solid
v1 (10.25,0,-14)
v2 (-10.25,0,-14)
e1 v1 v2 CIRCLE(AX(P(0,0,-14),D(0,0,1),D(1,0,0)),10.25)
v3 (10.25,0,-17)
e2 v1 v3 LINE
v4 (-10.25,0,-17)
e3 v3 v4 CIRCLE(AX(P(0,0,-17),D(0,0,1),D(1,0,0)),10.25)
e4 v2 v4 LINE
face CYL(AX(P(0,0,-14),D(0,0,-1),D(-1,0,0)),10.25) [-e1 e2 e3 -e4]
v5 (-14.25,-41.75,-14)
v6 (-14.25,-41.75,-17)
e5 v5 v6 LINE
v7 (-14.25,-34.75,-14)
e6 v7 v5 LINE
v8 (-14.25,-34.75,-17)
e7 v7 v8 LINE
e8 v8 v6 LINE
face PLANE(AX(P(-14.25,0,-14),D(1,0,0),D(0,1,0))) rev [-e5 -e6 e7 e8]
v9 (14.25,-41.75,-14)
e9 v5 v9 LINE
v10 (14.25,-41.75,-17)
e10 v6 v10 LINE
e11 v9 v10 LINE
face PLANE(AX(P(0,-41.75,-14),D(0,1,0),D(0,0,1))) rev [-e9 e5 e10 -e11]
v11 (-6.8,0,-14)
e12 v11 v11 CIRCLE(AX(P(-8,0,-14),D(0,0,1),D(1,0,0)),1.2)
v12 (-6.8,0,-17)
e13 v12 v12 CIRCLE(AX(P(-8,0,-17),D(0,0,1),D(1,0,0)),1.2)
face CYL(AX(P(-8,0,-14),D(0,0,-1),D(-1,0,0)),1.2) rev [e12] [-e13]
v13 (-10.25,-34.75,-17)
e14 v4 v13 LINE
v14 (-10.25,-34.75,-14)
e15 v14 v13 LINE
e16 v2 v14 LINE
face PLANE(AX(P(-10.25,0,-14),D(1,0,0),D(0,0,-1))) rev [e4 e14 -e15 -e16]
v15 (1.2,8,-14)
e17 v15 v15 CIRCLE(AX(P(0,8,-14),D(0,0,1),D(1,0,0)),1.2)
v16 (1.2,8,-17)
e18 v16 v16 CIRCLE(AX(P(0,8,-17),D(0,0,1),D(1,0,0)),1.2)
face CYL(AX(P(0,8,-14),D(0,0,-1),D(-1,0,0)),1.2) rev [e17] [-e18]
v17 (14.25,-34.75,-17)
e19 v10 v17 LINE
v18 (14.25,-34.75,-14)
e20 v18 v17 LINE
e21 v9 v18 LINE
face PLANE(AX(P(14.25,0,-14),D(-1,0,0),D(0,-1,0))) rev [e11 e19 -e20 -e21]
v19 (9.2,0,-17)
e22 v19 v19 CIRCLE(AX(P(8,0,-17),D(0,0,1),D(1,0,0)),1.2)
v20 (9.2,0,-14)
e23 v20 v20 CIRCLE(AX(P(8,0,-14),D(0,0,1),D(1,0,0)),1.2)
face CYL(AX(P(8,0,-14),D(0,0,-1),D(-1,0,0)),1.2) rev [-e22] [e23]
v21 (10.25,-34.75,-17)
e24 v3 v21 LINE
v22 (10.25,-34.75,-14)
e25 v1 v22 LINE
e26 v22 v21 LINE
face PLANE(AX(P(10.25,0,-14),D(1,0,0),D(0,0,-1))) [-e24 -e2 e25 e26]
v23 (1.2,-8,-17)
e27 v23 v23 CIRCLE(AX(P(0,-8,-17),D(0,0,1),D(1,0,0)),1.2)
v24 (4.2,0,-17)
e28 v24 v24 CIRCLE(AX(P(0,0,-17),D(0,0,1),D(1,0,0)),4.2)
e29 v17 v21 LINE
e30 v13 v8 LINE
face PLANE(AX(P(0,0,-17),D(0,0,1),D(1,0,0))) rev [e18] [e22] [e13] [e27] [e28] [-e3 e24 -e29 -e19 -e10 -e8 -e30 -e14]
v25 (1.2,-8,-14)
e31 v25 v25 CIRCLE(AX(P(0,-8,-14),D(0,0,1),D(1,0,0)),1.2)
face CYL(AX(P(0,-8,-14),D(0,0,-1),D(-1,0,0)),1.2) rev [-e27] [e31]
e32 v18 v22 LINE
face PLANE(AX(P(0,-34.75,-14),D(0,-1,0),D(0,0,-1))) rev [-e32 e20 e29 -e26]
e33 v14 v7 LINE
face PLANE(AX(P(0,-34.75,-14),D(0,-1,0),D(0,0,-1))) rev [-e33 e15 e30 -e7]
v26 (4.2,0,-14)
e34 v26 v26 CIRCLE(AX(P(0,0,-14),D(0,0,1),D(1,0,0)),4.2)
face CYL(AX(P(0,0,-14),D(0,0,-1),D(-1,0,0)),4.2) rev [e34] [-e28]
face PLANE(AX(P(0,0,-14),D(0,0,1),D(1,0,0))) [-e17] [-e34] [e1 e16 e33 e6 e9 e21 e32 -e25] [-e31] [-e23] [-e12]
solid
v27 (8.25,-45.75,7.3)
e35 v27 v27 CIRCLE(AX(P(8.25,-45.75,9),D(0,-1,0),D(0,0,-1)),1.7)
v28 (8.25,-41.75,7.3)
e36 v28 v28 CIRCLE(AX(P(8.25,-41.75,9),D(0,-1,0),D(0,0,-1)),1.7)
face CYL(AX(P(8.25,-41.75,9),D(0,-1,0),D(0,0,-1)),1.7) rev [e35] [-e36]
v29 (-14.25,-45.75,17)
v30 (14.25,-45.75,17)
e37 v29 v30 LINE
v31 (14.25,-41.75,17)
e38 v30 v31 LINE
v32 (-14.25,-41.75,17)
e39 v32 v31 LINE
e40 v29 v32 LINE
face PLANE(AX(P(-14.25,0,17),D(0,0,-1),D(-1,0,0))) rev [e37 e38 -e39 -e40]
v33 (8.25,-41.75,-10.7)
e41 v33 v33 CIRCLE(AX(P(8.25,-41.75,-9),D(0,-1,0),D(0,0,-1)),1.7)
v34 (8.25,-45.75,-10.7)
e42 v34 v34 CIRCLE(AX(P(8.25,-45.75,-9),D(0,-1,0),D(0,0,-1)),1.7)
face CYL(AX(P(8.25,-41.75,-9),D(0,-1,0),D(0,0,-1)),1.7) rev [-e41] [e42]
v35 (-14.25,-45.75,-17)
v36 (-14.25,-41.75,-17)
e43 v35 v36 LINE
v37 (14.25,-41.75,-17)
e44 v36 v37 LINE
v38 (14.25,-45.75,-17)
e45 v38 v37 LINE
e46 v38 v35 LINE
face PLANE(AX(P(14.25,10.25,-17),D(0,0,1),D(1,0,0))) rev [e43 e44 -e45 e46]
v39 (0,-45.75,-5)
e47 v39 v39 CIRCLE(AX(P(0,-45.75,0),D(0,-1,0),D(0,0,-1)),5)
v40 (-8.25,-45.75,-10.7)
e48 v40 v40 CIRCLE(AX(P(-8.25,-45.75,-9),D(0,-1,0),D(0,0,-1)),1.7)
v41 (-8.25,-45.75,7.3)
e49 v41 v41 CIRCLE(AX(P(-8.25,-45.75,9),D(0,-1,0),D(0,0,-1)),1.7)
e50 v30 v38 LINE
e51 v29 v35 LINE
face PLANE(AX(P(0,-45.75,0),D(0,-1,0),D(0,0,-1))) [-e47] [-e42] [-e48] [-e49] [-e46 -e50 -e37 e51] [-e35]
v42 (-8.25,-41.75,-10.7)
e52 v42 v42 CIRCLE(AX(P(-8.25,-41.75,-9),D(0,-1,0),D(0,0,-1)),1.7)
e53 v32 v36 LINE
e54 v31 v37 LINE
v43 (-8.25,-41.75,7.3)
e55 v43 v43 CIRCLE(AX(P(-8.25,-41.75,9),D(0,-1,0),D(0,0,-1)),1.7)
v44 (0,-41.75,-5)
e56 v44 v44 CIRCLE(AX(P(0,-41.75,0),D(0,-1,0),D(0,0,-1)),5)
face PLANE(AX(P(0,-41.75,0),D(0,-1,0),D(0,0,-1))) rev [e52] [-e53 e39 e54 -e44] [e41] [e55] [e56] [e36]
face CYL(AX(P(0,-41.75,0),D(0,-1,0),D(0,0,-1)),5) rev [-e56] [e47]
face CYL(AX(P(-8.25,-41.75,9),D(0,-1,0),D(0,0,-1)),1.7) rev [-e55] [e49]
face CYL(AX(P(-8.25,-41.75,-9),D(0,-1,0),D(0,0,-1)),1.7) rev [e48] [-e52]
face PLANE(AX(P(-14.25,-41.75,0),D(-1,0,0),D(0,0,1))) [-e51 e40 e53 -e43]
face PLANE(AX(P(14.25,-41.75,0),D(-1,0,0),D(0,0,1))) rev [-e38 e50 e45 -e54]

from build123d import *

# Parameters (mm, degrees)
BOSS_EXTRUDE1_DEPTH      = 22
BOSS_EXTRUDE1_DEPTH_BACK = 22
SKETCH1_R                = 1.2
SKETCH1_R_2              = 4.2
SKETCH2_W                = 38
SKETCH2_H                = 20
CUT_EXTRUDE1_DEPTH       = 105.423416914
SKETCH3_W                = 7
SKETCH3_H                = 44
BOSS_EXTRUDE2_DEPTH      = 36
SKETCH5_W                = 34
SKETCH5_H                = 50
CUT_EXTRUDE3_DEPTH       = 109.047443283
SKETCH6_W                = 20.5
SKETCH6_H                = 54.25
CUT_EXTRUDE4_DEPTH       = 111.605436123
SKETCH20_W               = 28.5
SKETCH20_H               = 34
SKETCH20_R               = 1.7
SKETCH20_R_2             = 5
BOSS_EXTRUDE5_DEPTH      = 4
SKETCH21_W               = 3
SKETCH21_H               = 36
CUT_EXTRUDE12_DEPTH      = 66.777085676
SKETCH22_W               = 4
SKETCH22_H               = 25
CUT_EXTRUDE14_DEPTH      = 66.054784605
SKETCH23_W               = 5
SKETCH23_H               = 56
CUT_EXTRUDE15_DEPTH      = 59.21780226
SKETCH24_R               = 1.2
SKETCH24_R_2             = 4.2
BOSS_EXTRUDE8_DEPTH      = 3
CUT_EXTRUDE16_DEPTH      = 57.367654732
CUT_EXTRUDE16_DEPTH_BACK = 57.367654732
SKETCH25_W               = 5
SKETCH25_H               = 56


with BuildPart() as part:
    # Sketch1 → Boss-Extrude1 (new, two sides: drawn at the far end of the back side and taken through both)
    with BuildSketch(Plane.XY.offset(-BOSS_EXTRUDE1_DEPTH_BACK)):
        with BuildLine():
            ThreePointArc((10.25, 0), (0, 10.25), (-10.25, 0))
            Line((-10.25, 0), (-10.25, -100))
            Line((-10.25, -100), (10.25, -100))
            Line((10.25, -100), (10.25, 0))
        make_face()
        with Locations((8, 0)):
            Circle(SKETCH1_R, mode=Mode.SUBTRACT)
        with Locations((0, 8)):
            Circle(SKETCH1_R, mode=Mode.SUBTRACT)
        with Locations((-8, 0)):
            Circle(SKETCH1_R, mode=Mode.SUBTRACT)
        Circle(SKETCH1_R_2, mode=Mode.SUBTRACT)
        with Locations((0, -8)):
            Circle(SKETCH1_R, mode=Mode.SUBTRACT)
    extrude(amount=BOSS_EXTRUDE1_DEPTH + BOSS_EXTRUDE1_DEPTH_BACK)

    # Sketch2 → Cut-Extrude1 (cut, through all)
    with BuildSketch(Plane.ZY.offset(10.25)):
        with Locations((0, 0.25)):
            Rectangle(SKETCH2_W, SKETCH2_H)
    extrude(amount=-CUT_EXTRUDE1_DEPTH, mode=Mode.SUBTRACT)

    # Sketch3 → Boss-Extrude2 (add)
    with BuildSketch(Plane(origin=(0, -9.75, 0), x_dir=(1, 0, 0), z_dir=(0, 1, 0))):
        with Locations((-13.75, 0)):
            Rectangle(SKETCH3_W, SKETCH3_H)
        with Locations((13.75, 0)):
            Rectangle(SKETCH3_W, SKETCH3_H)
    extrude(amount=-BOSS_EXTRUDE2_DEPTH)

    # Sketch5 → Cut-Extrude3 (cut, through all)
    with BuildSketch(Plane.ZY.offset(17.25)):
        with Locations((0, -34.75)):
            Rectangle(SKETCH5_W, SKETCH5_H)
    extrude(amount=-CUT_EXTRUDE3_DEPTH, mode=Mode.SUBTRACT)

    # Sketch6 → Cut-Extrude4 (cut, through all)
    with BuildSketch(Plane.XY.offset(22)):
        with Locations((0, -72.875)):
            Rectangle(SKETCH6_W, SKETCH6_H)
    extrude(amount=-CUT_EXTRUDE4_DEPTH, mode=Mode.SUBTRACT)


with BuildPart() as cut_extrude4_piece_1:
    # of the separate pieces the step leaves, piece 1, a body of its own (cut_extrude4_pieces)
    add(part.part.solids().sort_by_distance((17.25, -45.75, -17))[0])



with BuildPart() as cut_extrude4_piece_2:
    # of the separate pieces the step leaves, piece 2, a body of its own (cut_extrude4_pieces)
    add(part.part.solids().sort_by_distance((-10.25, 0, 22))[0])


with BuildPart() as cut_extrude4_piece_1_1:
    add(cut_extrude4_piece_1.part)

    add(cut_extrude4_piece_2.part)  # Boss-Extrude5 merges Cut-Extrude4 piece 2
    # Sketch20 → Boss-Extrude5 (add)
    with BuildSketch(Plane.XZ.offset(45.75)):
        Rectangle(SKETCH20_W, SKETCH20_H)
        with Locations((-8.25, -9)):
            Circle(SKETCH20_R, mode=Mode.SUBTRACT)
        with Locations((8.25, -9)):
            Circle(SKETCH20_R, mode=Mode.SUBTRACT)
        with Locations((-8.25, 9)):
            Circle(SKETCH20_R, mode=Mode.SUBTRACT)
        Circle(SKETCH20_R_2, mode=Mode.SUBTRACT)
        with Locations((8.25, 9)):
            Circle(SKETCH20_R, mode=Mode.SUBTRACT)
    extrude(amount=-BOSS_EXTRUDE5_DEPTH)

    # Sketch21 → Cut-Extrude12 (cut, through all)
    with BuildSketch(Plane(origin=(0, 0, -22), x_dir=(-1, 0, 0), z_dir=(0, 0, -1))):
        with Locations((-15.75, -27.75)):
            Rectangle(SKETCH21_W, SKETCH21_H)
        with Locations((15.75, -27.75)):
            Rectangle(SKETCH21_W, SKETCH21_H)
    extrude(amount=-CUT_EXTRUDE12_DEPTH, mode=Mode.SUBTRACT)

    # Sketch22 → Cut-Extrude14 (cut, through all)
    with BuildSketch(Plane(origin=(0, 0, -22), x_dir=(-1, 0, 0), z_dir=(0, 0, -1))):
        with Locations((12.25, -22.25)):
            Rectangle(SKETCH22_W, SKETCH22_H)
    extrude(amount=-CUT_EXTRUDE14_DEPTH, mode=Mode.SUBTRACT)

    # Sketch23 → Cut-Extrude15 (cut, through all)
    with BuildSketch(Plane(origin=(14.25, 0, 0), x_dir=(0, 0, -1), z_dir=(1, 0, 0))):
        with Locations((-19.5, -17.75)):
            Rectangle(SKETCH23_W, SKETCH23_H)
    extrude(amount=-CUT_EXTRUDE15_DEPTH, mode=Mode.SUBTRACT)

    # Sketch25 → Cut-Extrude16 (cut, two sides: drawn at the far end of the back side and taken through both)
    with BuildSketch(Plane.ZY.offset(10.25).offset(-CUT_EXTRUDE16_DEPTH_BACK)):
        with Locations((-19.5, -17.75)):
            Rectangle(SKETCH25_W, SKETCH25_H)
    extrude(amount=CUT_EXTRUDE16_DEPTH + CUT_EXTRUDE16_DEPTH_BACK, mode=Mode.SUBTRACT)


with BuildPart() as body_2:
    # Sketch24 → Boss-Extrude8 (new body)
    with BuildSketch(Plane.XY.offset(-17)):
        with BuildLine():
            Line((14.25, -41.75), (14.25, -34.75))
            Line((14.25, -34.75), (10.25, -34.75))
            Line((10.25, -34.75), (10.25, 0))
            ThreePointArc((10.25, 0), (0, 10.25), (-10.25, 0))
            Line((-10.25, 0), (-10.25, -34.75))
            Line((-10.25, -34.75), (-14.25, -34.75))
            Line((-14.25, -34.75), (-14.25, -41.75))
            Line((-14.25, -41.75), (14.25, -41.75))
        make_face()
        with Locations((0, -8)):
            Circle(SKETCH24_R, mode=Mode.SUBTRACT)
        with Locations((-8, 0)):
            Circle(SKETCH24_R, mode=Mode.SUBTRACT)
        Circle(SKETCH24_R_2, mode=Mode.SUBTRACT)
        with Locations((8, 0)):
            Circle(SKETCH24_R, mode=Mode.SUBTRACT)
        with Locations((0, 8)):
            Circle(SKETCH24_R, mode=Mode.SUBTRACT)
    extrude(amount=BOSS_EXTRUDE8_DEPTH)


solid = Compound([cut_extrude4_piece_1_1.part, body_2.part])
